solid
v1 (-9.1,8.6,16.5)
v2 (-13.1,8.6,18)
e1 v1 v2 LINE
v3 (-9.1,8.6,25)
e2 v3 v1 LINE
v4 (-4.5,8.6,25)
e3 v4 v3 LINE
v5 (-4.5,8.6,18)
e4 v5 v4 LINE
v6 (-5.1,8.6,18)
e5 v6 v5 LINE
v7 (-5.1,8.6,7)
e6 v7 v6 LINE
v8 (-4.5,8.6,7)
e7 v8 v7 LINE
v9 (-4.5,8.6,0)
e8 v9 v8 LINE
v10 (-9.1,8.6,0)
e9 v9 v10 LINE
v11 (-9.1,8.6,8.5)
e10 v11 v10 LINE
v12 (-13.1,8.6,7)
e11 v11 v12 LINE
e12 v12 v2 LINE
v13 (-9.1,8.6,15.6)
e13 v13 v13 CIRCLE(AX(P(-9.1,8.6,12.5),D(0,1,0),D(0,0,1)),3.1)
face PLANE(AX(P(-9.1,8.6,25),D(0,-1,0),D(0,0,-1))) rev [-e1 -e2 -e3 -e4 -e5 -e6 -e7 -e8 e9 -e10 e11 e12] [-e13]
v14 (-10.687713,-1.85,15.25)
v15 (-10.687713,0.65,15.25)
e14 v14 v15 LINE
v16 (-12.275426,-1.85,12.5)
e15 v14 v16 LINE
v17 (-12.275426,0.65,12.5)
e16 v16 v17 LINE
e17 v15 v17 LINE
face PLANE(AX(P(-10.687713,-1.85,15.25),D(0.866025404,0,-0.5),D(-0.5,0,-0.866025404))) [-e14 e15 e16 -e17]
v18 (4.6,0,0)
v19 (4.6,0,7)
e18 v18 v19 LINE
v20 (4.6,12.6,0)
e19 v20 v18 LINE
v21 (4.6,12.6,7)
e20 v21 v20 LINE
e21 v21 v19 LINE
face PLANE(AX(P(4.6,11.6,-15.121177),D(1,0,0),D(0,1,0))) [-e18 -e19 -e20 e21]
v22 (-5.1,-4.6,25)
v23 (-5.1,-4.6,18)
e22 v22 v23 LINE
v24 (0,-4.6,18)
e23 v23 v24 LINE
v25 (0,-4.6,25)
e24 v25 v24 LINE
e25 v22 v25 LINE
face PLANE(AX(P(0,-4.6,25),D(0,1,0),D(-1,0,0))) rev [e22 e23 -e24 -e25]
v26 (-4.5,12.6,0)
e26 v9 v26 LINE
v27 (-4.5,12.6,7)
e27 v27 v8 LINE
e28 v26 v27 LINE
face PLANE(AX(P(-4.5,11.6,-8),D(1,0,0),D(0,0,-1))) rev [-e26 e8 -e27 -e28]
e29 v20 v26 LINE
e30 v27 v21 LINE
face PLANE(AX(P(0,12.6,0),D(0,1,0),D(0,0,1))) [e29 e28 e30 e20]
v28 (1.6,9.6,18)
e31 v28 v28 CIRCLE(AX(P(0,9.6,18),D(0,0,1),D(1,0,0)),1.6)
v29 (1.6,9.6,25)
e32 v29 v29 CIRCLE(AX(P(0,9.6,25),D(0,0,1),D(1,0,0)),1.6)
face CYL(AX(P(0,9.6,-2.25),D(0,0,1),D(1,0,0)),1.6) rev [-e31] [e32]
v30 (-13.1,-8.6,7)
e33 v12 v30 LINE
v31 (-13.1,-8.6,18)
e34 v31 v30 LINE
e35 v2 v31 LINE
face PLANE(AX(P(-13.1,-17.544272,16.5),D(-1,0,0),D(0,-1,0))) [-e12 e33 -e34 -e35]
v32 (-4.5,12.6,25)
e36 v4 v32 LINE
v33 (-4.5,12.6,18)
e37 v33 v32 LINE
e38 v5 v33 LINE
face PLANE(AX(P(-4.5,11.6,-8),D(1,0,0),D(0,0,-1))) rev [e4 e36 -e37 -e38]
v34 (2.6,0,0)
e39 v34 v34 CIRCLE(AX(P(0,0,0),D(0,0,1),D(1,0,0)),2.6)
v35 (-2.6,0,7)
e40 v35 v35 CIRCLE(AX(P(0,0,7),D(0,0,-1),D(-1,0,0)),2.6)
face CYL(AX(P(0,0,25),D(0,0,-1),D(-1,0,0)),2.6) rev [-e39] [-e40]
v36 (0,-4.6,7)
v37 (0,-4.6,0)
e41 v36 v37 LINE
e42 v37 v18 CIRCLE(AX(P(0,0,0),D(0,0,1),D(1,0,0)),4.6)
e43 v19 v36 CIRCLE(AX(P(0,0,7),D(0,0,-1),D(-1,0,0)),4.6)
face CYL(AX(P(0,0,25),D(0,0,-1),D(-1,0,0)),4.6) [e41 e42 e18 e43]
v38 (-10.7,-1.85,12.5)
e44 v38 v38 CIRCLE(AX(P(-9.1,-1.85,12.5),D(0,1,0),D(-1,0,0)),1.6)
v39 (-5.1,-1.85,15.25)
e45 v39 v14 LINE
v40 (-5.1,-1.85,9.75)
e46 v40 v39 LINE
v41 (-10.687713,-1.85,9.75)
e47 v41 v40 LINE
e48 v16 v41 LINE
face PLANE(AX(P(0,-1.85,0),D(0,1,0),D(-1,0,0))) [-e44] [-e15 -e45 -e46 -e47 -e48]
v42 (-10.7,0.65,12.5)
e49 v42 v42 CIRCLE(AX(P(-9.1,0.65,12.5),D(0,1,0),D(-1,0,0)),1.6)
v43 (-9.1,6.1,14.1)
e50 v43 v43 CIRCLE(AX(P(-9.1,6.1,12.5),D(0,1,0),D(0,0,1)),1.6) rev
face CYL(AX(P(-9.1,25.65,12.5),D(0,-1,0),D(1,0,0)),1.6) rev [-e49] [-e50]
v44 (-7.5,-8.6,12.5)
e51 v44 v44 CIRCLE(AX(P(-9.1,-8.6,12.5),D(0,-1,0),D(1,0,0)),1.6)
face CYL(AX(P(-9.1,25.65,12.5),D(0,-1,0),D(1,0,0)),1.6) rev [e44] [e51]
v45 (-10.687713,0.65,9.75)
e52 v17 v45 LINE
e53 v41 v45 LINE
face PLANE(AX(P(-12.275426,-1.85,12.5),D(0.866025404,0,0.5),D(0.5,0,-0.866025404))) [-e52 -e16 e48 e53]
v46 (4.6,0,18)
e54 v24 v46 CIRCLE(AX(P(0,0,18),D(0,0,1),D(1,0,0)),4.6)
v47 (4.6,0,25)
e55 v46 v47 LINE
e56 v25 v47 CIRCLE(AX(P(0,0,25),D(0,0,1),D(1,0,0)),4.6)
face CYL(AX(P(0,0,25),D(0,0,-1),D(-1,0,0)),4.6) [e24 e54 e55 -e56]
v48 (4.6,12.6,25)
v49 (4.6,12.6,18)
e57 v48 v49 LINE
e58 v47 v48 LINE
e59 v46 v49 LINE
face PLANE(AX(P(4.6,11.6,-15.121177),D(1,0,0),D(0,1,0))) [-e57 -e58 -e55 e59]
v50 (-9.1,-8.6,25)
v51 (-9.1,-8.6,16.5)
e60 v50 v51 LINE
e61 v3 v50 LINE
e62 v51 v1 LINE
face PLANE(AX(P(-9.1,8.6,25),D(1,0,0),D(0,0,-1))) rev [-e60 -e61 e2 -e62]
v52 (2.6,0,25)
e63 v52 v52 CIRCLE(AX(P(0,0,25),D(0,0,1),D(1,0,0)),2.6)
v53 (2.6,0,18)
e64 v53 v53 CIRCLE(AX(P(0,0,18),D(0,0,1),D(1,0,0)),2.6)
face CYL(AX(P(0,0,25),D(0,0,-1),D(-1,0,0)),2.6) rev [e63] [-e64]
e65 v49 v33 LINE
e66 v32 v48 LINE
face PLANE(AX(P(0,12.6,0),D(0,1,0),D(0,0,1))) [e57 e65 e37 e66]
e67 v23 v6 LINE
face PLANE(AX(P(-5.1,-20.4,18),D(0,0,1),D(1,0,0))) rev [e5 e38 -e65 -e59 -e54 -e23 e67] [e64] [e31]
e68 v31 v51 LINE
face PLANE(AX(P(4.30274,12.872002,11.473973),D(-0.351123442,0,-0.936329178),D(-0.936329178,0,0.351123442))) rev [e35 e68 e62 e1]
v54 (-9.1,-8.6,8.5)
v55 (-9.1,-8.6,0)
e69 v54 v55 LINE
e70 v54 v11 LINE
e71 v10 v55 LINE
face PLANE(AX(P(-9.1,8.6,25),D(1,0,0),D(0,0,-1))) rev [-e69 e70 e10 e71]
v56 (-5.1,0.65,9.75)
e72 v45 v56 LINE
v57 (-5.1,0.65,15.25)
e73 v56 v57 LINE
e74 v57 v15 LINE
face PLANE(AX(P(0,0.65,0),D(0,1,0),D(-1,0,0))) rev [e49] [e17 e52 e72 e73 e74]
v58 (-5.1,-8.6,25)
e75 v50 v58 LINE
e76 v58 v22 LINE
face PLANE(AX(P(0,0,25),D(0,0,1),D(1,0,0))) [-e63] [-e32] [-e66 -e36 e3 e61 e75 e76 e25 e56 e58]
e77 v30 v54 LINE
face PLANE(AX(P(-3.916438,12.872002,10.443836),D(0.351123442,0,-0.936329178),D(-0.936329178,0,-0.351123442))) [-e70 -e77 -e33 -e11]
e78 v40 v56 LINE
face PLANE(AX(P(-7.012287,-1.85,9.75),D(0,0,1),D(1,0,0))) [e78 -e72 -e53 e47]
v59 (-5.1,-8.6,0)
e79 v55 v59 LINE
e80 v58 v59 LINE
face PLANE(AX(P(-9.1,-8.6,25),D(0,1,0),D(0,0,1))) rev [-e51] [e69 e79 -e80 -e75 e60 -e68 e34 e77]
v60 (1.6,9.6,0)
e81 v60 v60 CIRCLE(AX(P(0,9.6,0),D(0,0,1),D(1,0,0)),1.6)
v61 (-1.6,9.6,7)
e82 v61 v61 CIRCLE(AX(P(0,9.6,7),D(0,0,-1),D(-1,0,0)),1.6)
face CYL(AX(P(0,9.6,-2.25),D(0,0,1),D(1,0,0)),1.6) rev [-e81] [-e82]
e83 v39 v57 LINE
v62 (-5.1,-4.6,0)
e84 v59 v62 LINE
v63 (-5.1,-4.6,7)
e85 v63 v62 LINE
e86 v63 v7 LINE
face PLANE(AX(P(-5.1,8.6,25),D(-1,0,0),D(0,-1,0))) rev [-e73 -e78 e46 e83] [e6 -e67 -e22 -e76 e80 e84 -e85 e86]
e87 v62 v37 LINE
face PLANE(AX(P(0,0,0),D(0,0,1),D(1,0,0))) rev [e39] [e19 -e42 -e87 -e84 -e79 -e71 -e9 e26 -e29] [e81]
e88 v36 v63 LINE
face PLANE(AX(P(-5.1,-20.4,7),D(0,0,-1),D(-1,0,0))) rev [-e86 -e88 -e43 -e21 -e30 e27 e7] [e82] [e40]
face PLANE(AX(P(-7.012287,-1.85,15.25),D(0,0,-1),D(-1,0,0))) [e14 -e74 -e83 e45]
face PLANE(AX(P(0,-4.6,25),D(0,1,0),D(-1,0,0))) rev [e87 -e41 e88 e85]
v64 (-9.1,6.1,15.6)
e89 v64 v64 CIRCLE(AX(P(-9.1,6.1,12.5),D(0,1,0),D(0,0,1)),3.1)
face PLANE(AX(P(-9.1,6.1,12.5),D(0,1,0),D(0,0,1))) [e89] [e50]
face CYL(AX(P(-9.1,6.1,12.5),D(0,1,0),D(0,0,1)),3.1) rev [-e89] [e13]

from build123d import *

# Parameters (mm, degrees)
CROQUIS1_R                 = 2.6
SALIENTE_EXTRUIR1_DEPTH    = 25
CROQUIS2_W                 = 9.7
CROQUIS2_H                 = 11
CORTAR_EXTRUIR1_DEPTH      = 25
CROQUIS3_W                 = 4
CROQUIS3_H                 = 8
SALIENTE_EXTRUIR2_DEPTH    = 17.2
CORTAR_EXTRUIR2_DEPTH      = 1.25
CORTAR_EXTRUIR2_DEPTH_BACK = 1.25
CROQUIS5_R                 = 1.6
CORTAR_EXTRUIR3_DEPTH      = 34.25
SALIENTE_EXTRUIR3_DEPTH    = 17.2
SALIENTE_EXTRUIR4_REACH    = 31.505
CORTAR_EXTRUIR4_DEPTH      = 27.25
CORTAR_EXTRUIR4_DEPTH_BACK = 27.25
CROQUIS13_W                = 9.7
CROQUIS13_H                = 11
CROQUIS15_R                = 1.6
CORTAR_EXTRUIR6_DEPTH      = 27.25
CROQUIS16_W                = 0.6
CROQUIS16_H                = 3
CORTAR_EXTRUIR7_DEPTH      = 33
CROQUIS17_R                = 3.1
CORTAR_EXTRUIR8_DEPTH      = 2.5
CROQUIS18_W                = 9.1
CROQUIS18_H                = 7
SALIENTE_EXTRUIR5_DEPTH    = 1


with BuildPart() as part:
    # Croquis1 → Saliente-Extruir1 (new body)
    with BuildSketch(Plane.XY):
        with BuildLine():
            Line((-9.1, 8.6), (-5.1, 8.6))
            Line((-5.1, 8.6), (-5.1, 4.6))
            Line((-5.1, 4.6), (0, 4.6))
            ThreePointArc((0, 4.6), (4.6, 0), (0, -4.6))
            Line((0, -4.6), (-5.1, -4.6))
            Line((-5.1, -4.6), (-5.1, -8.6))
            Line((-5.1, -8.6), (-9.1, -8.6))
            Line((-9.1, -8.6), (-9.1, 8.6))
        make_face()
        Circle(CROQUIS1_R, mode=Mode.SUBTRACT)
    extrude(amount=SALIENTE_EXTRUIR1_DEPTH)

    # Croquis2 → Cortar-Extruir1 (cut)
    with BuildSketch(Plane(origin=(0, 4.6, 0), x_dir=(1, 0, 0), z_dir=(0, 1, 0))):
        with Locations((-0.25, -12.5)):
            Rectangle(CROQUIS2_W, CROQUIS2_H)
    extrude(amount=-CORTAR_EXTRUIR1_DEPTH, mode=Mode.SUBTRACT)

    # Croquis3 → Saliente-Extruir2 (add)
    with BuildSketch(Plane(origin=(0, 8.6, 0), x_dir=(1, 0, 0), z_dir=(0, 1, 0))):
        with Locations((-11.1, -12.5)):
            Rectangle(CROQUIS3_W, CROQUIS3_H)
    extrude(amount=-SALIENTE_EXTRUIR2_DEPTH)

    # Croquis4 → Cortar-Extruir2 (cut, two sides: drawn at the far end of the back side and taken through both)
    with BuildSketch(Plane(origin=(0, -0.6, 0), x_dir=(-1, 0, 0), z_dir=(0, -1, 0)).offset(-CORTAR_EXTRUIR2_DEPTH_BACK)):
        Polygon((7.01228676, -9.75), (5.1, -9.75), (5.1, -15.25), (7.01228676, -15.25), (10.68771324, -15.25), (12.275426481, -12.5), (10.68771324, -9.75), align=None)
    extrude(amount=CORTAR_EXTRUIR2_DEPTH + CORTAR_EXTRUIR2_DEPTH_BACK, mode=Mode.SUBTRACT)

    # Croquis5 → Cortar-Extruir3 (cut)
    with BuildSketch(Plane.XZ.offset(8.6)):
        with Locations(Location((-9.1, 12.5, 0), (0, 0, 270))):
            Circle(CROQUIS5_R)
    extrude(amount=-CORTAR_EXTRUIR3_DEPTH, mode=Mode.SUBTRACT)

    # Croquis6 → Saliente-Extruir3 (add)
    with BuildSketch(Plane.XZ.offset(8.6)):
        Polygon((-13.1, 18), (-9.1, 16.5), (-13.1, 16.5), align=None)
        Polygon((-13.1, 8.5), (-13.1, 7), (-9.1, 8.5), align=None)
    extrude(amount=-SALIENTE_EXTRUIR3_DEPTH)

    # Saliente-Extruir4: up to this face of the body (flat: up to its plane)
    saliente_extruir4_end = Plane(part.part.faces().sort_by_distance((-4.253300765, 0, 0))[0])
    # Croquis12 → Saliente-Extruir4 (add, up to the picked face)
    with BuildSketch(Plane.XY.offset(25), mode=Mode.PRIVATE) as saliente_extruir4_sk1:
        with BuildLine():
            Line((1.9, 11.6), (4.6, 11.6))
            Line((4.6, 11.6), (4.6, 0))
            Line((4.6, 0), (4, 0))
            ThreePointArc((4, 0), (2.828427125, 2.828427125), (0, 4))
            Line((0, 4), (0, 4.6))
            Line((0, 4.6), (-5.1, 4.6))
            Line((-5.1, 4.6), (-5.1, 11.6))
            Line((-5.1, 11.6), (1.9, 11.6))
        make_face()
    saliente_extruir4_tool1 = split(extrude(saliente_extruir4_sk1.sketch, amount=-SALIENTE_EXTRUIR4_REACH, mode=Mode.PRIVATE), bisect_by=saliente_extruir4_end, keep=Keep.BOTH, mode=Mode.PRIVATE)
    add(saliente_extruir4_tool1.solids().sort_by(Axis((0.135432, 7.547356, 25), (0, 0, -1)))[0])

    # Croquis13 → Cortar-Extruir4 (cut, two sides: drawn at the far end of the back side and taken through both)
    with BuildSketch(Plane.XZ.offset(-4.6).offset(-CORTAR_EXTRUIR4_DEPTH_BACK)):
        with Locations((-0.25, 12.5)):
            Rectangle(CROQUIS13_W, CROQUIS13_H)
    extrude(amount=CORTAR_EXTRUIR4_DEPTH + CORTAR_EXTRUIR4_DEPTH_BACK, mode=Mode.SUBTRACT)

    # Croquis15 → Cortar-Extruir6 (cut)
    with BuildSketch(Plane.XY.offset(25)):
        with Locations((0, 9.6)):
            Circle(CROQUIS15_R)
    extrude(amount=-CORTAR_EXTRUIR6_DEPTH, mode=Mode.SUBTRACT)

    # Croquis16 → Cortar-Extruir7 (cut)
    with BuildSketch(Plane.XY.offset(25)):
        with Locations((-4.8, 10.1)):
            Rectangle(CROQUIS16_W, CROQUIS16_H)
    extrude(amount=-CORTAR_EXTRUIR7_DEPTH, mode=Mode.SUBTRACT)

    # Croquis17 → Cortar-Extruir8 (cut)
    with BuildSketch(Plane(origin=(0, 8.6, 0), x_dir=(1, 0, 0), z_dir=(0, 1, 0))):
        with Locations(Location((-9.1, -12.5, 0), (0, 0, 270))):
            Circle(CROQUIS17_R)
    extrude(amount=-CORTAR_EXTRUIR8_DEPTH, mode=Mode.SUBTRACT)

    # Croquis18 → Saliente-Extruir5 (add)
    with BuildSketch(Plane(origin=(0, 11.6, 0), x_dir=(1, 0, 0), z_dir=(0, 1, 0))):
        with Locations((0.05, -21.5)):
            Rectangle(CROQUIS18_W, CROQUIS18_H)
        with Locations((0.05, -3.5)):
            Rectangle(CROQUIS18_W, CROQUIS18_H)
    extrude(amount=SALIENTE_EXTRUIR5_DEPTH)


solid = part.part
